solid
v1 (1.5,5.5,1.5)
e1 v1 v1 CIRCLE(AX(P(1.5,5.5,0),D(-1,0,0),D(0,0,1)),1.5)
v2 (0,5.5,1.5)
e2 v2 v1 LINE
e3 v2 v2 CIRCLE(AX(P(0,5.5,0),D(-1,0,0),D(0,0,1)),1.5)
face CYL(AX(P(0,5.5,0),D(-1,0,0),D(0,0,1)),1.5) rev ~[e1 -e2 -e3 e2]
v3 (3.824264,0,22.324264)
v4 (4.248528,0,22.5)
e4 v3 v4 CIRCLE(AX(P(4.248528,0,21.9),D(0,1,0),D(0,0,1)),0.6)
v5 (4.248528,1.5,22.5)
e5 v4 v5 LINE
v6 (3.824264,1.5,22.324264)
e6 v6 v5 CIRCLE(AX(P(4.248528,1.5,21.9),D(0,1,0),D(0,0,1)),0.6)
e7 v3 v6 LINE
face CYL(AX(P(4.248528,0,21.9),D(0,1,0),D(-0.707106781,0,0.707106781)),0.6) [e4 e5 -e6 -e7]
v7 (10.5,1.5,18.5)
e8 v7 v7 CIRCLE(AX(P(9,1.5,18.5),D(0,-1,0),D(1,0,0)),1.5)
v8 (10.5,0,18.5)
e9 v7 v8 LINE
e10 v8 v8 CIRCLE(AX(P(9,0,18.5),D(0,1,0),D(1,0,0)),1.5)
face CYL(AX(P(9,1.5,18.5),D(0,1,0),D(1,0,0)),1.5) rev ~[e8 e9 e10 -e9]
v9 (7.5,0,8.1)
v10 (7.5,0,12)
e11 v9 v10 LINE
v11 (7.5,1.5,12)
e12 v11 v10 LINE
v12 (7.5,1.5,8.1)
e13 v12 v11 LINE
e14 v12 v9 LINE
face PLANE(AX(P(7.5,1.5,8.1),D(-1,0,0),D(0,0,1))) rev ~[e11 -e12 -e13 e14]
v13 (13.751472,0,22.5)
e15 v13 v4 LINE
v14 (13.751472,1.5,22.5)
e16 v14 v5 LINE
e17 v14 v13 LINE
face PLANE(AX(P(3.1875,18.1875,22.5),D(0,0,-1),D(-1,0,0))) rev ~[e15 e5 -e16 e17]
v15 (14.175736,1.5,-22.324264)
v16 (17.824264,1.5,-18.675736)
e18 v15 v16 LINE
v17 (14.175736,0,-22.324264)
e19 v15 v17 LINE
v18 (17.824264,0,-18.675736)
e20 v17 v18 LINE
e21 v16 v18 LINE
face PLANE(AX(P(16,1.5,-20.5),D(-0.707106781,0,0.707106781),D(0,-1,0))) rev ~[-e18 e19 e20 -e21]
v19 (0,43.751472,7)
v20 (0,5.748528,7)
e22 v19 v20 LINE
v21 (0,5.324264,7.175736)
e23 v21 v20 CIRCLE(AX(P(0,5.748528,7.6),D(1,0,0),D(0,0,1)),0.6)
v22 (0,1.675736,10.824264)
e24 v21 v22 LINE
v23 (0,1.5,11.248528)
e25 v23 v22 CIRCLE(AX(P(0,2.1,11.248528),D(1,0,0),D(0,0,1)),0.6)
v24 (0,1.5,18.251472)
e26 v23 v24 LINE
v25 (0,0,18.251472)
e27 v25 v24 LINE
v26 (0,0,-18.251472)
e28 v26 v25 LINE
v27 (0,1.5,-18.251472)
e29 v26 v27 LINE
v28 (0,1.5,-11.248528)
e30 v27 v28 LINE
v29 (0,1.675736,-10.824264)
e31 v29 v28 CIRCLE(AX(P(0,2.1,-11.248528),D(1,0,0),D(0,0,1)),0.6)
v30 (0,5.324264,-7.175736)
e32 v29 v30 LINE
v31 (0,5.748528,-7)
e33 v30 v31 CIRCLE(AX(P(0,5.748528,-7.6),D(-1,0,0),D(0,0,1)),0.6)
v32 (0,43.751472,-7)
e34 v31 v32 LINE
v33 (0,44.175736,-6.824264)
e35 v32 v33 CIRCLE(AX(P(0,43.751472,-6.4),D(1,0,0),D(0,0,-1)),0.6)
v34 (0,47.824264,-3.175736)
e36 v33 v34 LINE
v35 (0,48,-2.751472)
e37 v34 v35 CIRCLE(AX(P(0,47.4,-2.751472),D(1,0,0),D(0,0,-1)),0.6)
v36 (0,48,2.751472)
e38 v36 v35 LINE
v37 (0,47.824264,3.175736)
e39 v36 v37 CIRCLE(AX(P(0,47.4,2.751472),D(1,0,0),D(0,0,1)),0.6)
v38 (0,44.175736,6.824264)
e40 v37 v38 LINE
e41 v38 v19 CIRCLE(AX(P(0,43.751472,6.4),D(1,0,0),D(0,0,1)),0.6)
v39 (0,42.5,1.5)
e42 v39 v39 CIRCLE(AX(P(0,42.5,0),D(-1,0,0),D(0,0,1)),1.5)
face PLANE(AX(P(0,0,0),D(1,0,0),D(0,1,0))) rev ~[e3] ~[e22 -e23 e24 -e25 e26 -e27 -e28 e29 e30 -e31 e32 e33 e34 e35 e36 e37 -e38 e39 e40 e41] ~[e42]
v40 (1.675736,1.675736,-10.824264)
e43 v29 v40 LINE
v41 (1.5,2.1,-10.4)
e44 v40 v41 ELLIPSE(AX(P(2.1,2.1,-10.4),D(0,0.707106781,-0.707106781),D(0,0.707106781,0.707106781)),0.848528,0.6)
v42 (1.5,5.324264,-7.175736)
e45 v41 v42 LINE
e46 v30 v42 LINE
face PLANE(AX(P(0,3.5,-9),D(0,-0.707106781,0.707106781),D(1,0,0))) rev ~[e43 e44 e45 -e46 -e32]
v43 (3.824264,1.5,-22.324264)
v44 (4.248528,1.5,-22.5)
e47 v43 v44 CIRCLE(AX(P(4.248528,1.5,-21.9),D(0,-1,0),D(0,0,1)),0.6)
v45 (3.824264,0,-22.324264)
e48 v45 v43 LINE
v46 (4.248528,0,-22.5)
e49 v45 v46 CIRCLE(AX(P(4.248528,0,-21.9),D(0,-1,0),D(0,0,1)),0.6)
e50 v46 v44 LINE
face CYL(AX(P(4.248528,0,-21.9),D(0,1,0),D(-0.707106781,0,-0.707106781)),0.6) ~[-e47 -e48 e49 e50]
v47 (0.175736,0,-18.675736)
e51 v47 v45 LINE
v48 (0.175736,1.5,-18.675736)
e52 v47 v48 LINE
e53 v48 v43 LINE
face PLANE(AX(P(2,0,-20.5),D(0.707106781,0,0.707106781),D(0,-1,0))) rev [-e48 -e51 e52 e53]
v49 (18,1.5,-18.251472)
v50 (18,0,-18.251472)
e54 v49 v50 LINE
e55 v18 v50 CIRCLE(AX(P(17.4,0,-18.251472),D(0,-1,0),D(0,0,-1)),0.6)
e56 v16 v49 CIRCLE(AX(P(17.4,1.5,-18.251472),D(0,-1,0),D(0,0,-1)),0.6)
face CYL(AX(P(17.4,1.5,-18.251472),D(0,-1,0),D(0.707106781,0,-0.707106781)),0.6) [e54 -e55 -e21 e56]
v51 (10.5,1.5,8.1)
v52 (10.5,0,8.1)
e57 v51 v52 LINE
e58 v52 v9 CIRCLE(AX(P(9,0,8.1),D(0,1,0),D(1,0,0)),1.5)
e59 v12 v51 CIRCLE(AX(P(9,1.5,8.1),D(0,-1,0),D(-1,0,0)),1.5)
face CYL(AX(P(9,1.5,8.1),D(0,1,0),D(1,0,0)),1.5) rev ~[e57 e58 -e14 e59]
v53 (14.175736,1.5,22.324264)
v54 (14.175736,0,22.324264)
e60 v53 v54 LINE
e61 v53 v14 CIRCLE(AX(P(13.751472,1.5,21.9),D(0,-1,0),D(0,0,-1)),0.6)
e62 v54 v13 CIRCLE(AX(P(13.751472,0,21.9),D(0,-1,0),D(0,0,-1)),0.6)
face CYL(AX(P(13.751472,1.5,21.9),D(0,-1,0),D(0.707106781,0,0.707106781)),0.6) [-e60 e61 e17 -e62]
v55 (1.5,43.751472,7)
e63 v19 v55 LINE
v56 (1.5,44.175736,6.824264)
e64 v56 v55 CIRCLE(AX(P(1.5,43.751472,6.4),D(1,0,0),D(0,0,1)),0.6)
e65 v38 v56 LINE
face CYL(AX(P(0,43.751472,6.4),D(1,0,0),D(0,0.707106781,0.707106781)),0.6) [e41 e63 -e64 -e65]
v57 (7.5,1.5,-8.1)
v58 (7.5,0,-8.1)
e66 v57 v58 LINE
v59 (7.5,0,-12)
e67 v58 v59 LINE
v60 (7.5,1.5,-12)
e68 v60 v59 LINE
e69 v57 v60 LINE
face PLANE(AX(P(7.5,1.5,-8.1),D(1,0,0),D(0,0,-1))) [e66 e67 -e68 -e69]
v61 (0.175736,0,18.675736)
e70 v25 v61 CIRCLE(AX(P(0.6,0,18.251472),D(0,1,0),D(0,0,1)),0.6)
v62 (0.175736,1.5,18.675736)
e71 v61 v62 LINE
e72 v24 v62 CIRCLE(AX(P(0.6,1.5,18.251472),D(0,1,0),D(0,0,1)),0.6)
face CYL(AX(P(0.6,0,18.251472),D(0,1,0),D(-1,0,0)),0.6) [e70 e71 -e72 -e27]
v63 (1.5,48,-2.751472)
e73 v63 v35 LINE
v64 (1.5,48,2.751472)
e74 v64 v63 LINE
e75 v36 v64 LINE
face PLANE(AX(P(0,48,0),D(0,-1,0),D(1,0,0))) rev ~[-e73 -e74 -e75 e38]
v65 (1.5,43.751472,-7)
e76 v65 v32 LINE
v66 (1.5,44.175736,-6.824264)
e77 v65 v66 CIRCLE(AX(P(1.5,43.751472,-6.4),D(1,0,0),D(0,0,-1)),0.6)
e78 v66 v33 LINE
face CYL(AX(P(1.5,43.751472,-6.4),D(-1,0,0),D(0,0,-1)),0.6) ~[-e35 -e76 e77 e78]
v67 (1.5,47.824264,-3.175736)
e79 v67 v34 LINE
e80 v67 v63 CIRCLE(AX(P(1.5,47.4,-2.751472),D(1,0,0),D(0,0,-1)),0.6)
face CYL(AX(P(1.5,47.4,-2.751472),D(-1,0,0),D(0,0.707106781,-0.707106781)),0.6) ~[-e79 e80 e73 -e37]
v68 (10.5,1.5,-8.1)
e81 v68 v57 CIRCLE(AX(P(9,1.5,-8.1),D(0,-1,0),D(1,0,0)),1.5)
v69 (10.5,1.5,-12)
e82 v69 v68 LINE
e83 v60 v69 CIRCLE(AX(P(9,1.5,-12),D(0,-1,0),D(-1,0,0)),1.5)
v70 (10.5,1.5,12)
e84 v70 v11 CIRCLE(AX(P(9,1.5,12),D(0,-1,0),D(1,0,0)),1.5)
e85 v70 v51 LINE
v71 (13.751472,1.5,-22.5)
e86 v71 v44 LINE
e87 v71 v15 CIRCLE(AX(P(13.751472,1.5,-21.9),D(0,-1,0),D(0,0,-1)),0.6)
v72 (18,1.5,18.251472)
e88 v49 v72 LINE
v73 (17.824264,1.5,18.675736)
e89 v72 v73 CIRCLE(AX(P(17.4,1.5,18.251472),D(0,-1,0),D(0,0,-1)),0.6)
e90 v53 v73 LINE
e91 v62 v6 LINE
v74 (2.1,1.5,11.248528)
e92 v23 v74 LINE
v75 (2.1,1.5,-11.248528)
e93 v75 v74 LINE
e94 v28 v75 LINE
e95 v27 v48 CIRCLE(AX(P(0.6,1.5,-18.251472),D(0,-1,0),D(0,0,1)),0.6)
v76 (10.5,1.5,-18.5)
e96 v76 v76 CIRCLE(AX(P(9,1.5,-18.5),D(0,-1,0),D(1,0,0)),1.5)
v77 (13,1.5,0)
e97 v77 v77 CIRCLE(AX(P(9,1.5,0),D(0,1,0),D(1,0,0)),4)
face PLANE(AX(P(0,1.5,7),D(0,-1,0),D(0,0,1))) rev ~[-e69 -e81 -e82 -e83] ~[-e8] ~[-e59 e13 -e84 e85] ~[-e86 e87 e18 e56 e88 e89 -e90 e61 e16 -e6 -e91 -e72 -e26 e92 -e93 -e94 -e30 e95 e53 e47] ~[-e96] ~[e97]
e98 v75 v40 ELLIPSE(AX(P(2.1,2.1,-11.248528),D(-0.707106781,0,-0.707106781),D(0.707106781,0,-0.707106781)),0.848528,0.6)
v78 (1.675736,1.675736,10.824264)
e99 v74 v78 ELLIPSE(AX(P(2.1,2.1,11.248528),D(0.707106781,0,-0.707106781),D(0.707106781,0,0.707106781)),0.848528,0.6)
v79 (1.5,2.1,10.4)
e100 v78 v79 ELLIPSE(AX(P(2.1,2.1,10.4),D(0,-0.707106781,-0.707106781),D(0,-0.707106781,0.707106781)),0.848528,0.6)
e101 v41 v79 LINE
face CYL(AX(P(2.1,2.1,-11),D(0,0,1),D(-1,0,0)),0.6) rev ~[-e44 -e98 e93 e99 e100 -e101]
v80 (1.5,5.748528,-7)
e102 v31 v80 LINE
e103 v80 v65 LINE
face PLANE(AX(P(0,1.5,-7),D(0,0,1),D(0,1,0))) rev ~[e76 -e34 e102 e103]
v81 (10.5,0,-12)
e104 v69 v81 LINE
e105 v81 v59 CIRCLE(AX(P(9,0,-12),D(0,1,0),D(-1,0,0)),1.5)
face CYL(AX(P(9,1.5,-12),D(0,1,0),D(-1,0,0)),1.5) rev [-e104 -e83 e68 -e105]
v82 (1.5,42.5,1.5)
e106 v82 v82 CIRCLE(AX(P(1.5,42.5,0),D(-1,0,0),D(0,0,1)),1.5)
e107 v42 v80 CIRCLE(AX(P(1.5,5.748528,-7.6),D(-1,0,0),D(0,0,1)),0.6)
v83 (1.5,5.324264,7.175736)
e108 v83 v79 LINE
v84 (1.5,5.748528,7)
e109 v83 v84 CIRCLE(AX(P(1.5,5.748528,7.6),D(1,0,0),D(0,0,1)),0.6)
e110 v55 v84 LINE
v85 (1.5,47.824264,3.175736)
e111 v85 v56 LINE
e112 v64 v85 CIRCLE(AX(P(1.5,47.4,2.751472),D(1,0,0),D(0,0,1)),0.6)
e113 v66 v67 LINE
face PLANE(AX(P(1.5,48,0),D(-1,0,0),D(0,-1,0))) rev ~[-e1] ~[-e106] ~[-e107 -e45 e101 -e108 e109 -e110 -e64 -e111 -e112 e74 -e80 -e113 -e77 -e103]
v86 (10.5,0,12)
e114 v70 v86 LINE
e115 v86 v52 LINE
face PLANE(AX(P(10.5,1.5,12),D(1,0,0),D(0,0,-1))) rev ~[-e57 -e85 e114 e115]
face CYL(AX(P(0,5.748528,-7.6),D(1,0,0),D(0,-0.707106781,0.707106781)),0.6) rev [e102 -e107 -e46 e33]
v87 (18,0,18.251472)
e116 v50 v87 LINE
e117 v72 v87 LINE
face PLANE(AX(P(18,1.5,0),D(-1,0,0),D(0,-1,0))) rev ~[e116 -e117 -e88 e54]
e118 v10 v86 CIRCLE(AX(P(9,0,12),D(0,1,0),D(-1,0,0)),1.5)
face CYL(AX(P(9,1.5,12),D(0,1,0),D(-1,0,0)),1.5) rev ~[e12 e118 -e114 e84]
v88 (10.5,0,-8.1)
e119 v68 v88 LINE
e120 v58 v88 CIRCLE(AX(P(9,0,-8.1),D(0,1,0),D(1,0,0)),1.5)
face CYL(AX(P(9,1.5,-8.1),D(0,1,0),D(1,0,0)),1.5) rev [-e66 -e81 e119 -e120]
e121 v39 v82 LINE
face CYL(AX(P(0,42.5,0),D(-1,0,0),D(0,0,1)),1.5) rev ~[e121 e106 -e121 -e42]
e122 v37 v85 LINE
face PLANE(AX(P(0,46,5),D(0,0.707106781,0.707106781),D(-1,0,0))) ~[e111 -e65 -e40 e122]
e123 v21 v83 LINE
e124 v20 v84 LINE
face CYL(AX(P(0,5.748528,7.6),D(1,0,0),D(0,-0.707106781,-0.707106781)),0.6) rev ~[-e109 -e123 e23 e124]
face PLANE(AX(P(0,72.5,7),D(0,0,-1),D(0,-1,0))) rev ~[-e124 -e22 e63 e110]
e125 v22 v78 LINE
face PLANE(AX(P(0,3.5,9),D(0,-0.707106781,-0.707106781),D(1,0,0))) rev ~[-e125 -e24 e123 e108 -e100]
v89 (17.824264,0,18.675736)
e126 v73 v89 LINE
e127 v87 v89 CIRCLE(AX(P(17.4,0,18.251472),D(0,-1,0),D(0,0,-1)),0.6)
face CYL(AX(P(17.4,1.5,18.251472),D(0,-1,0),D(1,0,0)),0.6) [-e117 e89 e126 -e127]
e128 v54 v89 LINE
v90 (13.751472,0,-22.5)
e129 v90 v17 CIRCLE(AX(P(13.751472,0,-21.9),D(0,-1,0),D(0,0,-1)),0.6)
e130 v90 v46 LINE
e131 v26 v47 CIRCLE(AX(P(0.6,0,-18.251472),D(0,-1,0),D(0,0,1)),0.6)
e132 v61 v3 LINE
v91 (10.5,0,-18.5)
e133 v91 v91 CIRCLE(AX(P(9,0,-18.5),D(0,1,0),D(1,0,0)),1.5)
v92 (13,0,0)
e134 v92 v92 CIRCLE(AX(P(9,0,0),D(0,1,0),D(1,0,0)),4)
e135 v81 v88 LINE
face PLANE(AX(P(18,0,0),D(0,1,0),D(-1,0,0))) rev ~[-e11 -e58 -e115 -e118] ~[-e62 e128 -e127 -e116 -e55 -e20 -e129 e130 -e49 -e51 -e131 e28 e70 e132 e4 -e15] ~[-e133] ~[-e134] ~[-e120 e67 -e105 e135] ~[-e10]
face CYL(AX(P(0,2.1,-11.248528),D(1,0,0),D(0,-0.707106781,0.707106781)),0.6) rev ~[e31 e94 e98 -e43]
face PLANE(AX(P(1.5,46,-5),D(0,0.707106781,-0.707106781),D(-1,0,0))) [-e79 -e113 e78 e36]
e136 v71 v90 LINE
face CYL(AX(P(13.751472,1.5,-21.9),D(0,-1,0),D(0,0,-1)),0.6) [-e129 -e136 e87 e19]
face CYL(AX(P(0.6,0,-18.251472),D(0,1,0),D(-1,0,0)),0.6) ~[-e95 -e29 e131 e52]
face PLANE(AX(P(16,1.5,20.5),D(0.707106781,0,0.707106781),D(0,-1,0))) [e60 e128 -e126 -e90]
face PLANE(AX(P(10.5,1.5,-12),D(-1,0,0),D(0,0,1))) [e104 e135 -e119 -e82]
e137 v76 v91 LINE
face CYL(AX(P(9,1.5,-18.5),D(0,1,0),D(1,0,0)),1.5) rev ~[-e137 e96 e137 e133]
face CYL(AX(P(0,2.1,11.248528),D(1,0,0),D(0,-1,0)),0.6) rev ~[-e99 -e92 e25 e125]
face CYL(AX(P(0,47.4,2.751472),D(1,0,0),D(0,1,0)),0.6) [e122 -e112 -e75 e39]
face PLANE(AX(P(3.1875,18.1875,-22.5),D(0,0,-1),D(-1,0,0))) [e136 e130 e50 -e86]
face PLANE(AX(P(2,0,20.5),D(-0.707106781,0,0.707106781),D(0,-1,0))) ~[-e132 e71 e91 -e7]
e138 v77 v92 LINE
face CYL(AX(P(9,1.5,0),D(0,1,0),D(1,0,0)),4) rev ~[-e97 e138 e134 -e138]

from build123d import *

# Parameters (mm, degrees)
EXTRUDE_1_DEPTH     = 22.5
SKETCH_2_R          = 4
SKETCH_2_R_2        = 1.5
CUT_EXTRUDE_1_DEPTH = 45.2
CHAMFER_1_SIZE      = 4
SKETCH_4_R          = 1.5
CUT_EXTRUDE_2_DEPTH = 56.98437282
CUT_EXTRUDE_3_DEPTH = 10
CHAMFER_2_SIZE      = 4
CHAMFER_4_SIZE      = 4
FILLET_2_R          = 0.6
CHAMFER_5_SIZE      = 4
FILLET_3_R          = 0.6


with BuildPart() as part:
    # Эскиз1 → Бобышка-Вытянуть1 (new, symmetric)
    with BuildSketch(Plane.XY):
        Polygon((0, 0), (0, 48), (1.5, 48), (1.5, 1.5), (18, 1.5), (18, 0), align=None)
    extrude(amount=EXTRUDE_1_DEPTH, both=True)

    # Эскиз2 → Вырез-Вытянуть1 (cut)
    with BuildSketch(Plane(origin=(0, 1.5, 0), x_dir=(1, 0, 0), z_dir=(0, 1, 0))):
        with Locations((9, 0)):
            Circle(SKETCH_2_R)
        with Locations((9, 18.5)):
            Circle(SKETCH_2_R_2)
        with Locations((9, -18.5)):
            Circle(SKETCH_2_R_2)
        with BuildLine():
            Line((7.5, 8.1), (7.5, 12))
            ThreePointArc((7.5, 12), (9, 13.5), (10.5, 12))
            Line((10.5, 12), (10.5, 8.1))
            ThreePointArc((10.5, 8.1), (9, 6.6), (7.5, 8.1))
        make_face()
        with BuildLine():
            Line((10.5, -12), (10.5, -8.1))
            ThreePointArc((10.5, -8.1), (9, -6.6), (7.5, -8.1))
            Line((7.5, -8.1), (7.5, -12))
            ThreePointArc((7.5, -12), (9, -13.5), (10.5, -12))
        make_face()
    extrude(amount=-CUT_EXTRUDE_1_DEPTH, mode=Mode.SUBTRACT)

    # Фаска1
    chamfer_1_edges = [part.edges().sort_by_distance(p)[0] for p in [
        (18, 0.75, -22.5),
        (18, 0.75, 22.5),
        (0.75, 48, 22.5),
        (0.75, 48, -22.5),
    ]]
    chamfer(chamfer_1_edges, length=CHAMFER_1_SIZE)

    # Эскиз4 → Вырез-Вытянуть2 (cut, through all)
    with BuildSketch(Plane.ZY):
        with Locations((0, 42.5)):
            Circle(SKETCH_4_R)
        with Locations((0, 5.5)):
            Circle(SKETCH_4_R)
    extrude(amount=-CUT_EXTRUDE_2_DEPTH, mode=Mode.SUBTRACT)

    # Эскиз6 → Вырез-Вытянуть3 (cut)
    with BuildSketch(Plane.ZY):
        Polygon((7, 48), (7, 1.5), (33.1795091, 1.5), (33.1795091, 42.5), (33.38840833, 42.5), (33.38840833, 72.5), (7, 72.5), align=None)
        Polygon((-7, 72.5), (-33.38840833, 72.5), (-33.38840833, 42.5), (-22.5, 42.5), (-22.5, 1.5), (-7, 1.5), align=None)
    extrude(amount=-CUT_EXTRUDE_3_DEPTH, mode=Mode.SUBTRACT)

    # Фаска2
    chamfer_2_edges = [part.edges().sort_by_distance(p)[0] for p in [
        (0.75, 48, 7),
        (0.75, 48, -7),
    ]]
    chamfer(chamfer_2_edges, length=CHAMFER_2_SIZE)

    # Фаска4
    chamfer_4_edges = [part.edges().sort_by_distance(p)[0] for p in [
        (0.75, 1.5, 7),
        (0.75, 1.5, -7),
    ]]
    chamfer(chamfer_4_edges, length=CHAMFER_4_SIZE)

    # Скругление2
    fillet_2_edges = [part.edges().sort_by_distance(p)[0] for p in [
        (14, 0.75, 22.5),
        (18, 0.75, 18.5),
        (18, 0.75, -18.5),
        (14, 0.75, -22.5),
        (0.75, 5.5, -7),
        (0.75, 44, -7),
        (0.75, 48, -3),
        (0.75, 48, 3),
        (0.75, 44, 7),
        (0.75, 5.5, 7),
        (0.75, 1.5, 11),
        (0.75, 1.5, -11),
        (1.5, 1.5, 0),
    ]]
    fillet(fillet_2_edges, radius=FILLET_2_R)

    # Фаска5
    chamfer_5_edges = [part.edges().sort_by_distance(p)[0] for p in [
        (0, 0.75, 22.5),
        (0, 0.75, -22.5),
    ]]
    chamfer(chamfer_5_edges, length=CHAMFER_5_SIZE)

    # Скругление3
    fillet_3_edges = [part.edges().sort_by_distance(p)[0] for p in [
        (4, 0.75, 22.5),
        (0, 0.75, 18.5),
        (4, 0.75, -22.5),
        (0, 0.75, -18.5),
    ]]
    fillet(fillet_3_edges, radius=FILLET_3_R)


solid = part.part
